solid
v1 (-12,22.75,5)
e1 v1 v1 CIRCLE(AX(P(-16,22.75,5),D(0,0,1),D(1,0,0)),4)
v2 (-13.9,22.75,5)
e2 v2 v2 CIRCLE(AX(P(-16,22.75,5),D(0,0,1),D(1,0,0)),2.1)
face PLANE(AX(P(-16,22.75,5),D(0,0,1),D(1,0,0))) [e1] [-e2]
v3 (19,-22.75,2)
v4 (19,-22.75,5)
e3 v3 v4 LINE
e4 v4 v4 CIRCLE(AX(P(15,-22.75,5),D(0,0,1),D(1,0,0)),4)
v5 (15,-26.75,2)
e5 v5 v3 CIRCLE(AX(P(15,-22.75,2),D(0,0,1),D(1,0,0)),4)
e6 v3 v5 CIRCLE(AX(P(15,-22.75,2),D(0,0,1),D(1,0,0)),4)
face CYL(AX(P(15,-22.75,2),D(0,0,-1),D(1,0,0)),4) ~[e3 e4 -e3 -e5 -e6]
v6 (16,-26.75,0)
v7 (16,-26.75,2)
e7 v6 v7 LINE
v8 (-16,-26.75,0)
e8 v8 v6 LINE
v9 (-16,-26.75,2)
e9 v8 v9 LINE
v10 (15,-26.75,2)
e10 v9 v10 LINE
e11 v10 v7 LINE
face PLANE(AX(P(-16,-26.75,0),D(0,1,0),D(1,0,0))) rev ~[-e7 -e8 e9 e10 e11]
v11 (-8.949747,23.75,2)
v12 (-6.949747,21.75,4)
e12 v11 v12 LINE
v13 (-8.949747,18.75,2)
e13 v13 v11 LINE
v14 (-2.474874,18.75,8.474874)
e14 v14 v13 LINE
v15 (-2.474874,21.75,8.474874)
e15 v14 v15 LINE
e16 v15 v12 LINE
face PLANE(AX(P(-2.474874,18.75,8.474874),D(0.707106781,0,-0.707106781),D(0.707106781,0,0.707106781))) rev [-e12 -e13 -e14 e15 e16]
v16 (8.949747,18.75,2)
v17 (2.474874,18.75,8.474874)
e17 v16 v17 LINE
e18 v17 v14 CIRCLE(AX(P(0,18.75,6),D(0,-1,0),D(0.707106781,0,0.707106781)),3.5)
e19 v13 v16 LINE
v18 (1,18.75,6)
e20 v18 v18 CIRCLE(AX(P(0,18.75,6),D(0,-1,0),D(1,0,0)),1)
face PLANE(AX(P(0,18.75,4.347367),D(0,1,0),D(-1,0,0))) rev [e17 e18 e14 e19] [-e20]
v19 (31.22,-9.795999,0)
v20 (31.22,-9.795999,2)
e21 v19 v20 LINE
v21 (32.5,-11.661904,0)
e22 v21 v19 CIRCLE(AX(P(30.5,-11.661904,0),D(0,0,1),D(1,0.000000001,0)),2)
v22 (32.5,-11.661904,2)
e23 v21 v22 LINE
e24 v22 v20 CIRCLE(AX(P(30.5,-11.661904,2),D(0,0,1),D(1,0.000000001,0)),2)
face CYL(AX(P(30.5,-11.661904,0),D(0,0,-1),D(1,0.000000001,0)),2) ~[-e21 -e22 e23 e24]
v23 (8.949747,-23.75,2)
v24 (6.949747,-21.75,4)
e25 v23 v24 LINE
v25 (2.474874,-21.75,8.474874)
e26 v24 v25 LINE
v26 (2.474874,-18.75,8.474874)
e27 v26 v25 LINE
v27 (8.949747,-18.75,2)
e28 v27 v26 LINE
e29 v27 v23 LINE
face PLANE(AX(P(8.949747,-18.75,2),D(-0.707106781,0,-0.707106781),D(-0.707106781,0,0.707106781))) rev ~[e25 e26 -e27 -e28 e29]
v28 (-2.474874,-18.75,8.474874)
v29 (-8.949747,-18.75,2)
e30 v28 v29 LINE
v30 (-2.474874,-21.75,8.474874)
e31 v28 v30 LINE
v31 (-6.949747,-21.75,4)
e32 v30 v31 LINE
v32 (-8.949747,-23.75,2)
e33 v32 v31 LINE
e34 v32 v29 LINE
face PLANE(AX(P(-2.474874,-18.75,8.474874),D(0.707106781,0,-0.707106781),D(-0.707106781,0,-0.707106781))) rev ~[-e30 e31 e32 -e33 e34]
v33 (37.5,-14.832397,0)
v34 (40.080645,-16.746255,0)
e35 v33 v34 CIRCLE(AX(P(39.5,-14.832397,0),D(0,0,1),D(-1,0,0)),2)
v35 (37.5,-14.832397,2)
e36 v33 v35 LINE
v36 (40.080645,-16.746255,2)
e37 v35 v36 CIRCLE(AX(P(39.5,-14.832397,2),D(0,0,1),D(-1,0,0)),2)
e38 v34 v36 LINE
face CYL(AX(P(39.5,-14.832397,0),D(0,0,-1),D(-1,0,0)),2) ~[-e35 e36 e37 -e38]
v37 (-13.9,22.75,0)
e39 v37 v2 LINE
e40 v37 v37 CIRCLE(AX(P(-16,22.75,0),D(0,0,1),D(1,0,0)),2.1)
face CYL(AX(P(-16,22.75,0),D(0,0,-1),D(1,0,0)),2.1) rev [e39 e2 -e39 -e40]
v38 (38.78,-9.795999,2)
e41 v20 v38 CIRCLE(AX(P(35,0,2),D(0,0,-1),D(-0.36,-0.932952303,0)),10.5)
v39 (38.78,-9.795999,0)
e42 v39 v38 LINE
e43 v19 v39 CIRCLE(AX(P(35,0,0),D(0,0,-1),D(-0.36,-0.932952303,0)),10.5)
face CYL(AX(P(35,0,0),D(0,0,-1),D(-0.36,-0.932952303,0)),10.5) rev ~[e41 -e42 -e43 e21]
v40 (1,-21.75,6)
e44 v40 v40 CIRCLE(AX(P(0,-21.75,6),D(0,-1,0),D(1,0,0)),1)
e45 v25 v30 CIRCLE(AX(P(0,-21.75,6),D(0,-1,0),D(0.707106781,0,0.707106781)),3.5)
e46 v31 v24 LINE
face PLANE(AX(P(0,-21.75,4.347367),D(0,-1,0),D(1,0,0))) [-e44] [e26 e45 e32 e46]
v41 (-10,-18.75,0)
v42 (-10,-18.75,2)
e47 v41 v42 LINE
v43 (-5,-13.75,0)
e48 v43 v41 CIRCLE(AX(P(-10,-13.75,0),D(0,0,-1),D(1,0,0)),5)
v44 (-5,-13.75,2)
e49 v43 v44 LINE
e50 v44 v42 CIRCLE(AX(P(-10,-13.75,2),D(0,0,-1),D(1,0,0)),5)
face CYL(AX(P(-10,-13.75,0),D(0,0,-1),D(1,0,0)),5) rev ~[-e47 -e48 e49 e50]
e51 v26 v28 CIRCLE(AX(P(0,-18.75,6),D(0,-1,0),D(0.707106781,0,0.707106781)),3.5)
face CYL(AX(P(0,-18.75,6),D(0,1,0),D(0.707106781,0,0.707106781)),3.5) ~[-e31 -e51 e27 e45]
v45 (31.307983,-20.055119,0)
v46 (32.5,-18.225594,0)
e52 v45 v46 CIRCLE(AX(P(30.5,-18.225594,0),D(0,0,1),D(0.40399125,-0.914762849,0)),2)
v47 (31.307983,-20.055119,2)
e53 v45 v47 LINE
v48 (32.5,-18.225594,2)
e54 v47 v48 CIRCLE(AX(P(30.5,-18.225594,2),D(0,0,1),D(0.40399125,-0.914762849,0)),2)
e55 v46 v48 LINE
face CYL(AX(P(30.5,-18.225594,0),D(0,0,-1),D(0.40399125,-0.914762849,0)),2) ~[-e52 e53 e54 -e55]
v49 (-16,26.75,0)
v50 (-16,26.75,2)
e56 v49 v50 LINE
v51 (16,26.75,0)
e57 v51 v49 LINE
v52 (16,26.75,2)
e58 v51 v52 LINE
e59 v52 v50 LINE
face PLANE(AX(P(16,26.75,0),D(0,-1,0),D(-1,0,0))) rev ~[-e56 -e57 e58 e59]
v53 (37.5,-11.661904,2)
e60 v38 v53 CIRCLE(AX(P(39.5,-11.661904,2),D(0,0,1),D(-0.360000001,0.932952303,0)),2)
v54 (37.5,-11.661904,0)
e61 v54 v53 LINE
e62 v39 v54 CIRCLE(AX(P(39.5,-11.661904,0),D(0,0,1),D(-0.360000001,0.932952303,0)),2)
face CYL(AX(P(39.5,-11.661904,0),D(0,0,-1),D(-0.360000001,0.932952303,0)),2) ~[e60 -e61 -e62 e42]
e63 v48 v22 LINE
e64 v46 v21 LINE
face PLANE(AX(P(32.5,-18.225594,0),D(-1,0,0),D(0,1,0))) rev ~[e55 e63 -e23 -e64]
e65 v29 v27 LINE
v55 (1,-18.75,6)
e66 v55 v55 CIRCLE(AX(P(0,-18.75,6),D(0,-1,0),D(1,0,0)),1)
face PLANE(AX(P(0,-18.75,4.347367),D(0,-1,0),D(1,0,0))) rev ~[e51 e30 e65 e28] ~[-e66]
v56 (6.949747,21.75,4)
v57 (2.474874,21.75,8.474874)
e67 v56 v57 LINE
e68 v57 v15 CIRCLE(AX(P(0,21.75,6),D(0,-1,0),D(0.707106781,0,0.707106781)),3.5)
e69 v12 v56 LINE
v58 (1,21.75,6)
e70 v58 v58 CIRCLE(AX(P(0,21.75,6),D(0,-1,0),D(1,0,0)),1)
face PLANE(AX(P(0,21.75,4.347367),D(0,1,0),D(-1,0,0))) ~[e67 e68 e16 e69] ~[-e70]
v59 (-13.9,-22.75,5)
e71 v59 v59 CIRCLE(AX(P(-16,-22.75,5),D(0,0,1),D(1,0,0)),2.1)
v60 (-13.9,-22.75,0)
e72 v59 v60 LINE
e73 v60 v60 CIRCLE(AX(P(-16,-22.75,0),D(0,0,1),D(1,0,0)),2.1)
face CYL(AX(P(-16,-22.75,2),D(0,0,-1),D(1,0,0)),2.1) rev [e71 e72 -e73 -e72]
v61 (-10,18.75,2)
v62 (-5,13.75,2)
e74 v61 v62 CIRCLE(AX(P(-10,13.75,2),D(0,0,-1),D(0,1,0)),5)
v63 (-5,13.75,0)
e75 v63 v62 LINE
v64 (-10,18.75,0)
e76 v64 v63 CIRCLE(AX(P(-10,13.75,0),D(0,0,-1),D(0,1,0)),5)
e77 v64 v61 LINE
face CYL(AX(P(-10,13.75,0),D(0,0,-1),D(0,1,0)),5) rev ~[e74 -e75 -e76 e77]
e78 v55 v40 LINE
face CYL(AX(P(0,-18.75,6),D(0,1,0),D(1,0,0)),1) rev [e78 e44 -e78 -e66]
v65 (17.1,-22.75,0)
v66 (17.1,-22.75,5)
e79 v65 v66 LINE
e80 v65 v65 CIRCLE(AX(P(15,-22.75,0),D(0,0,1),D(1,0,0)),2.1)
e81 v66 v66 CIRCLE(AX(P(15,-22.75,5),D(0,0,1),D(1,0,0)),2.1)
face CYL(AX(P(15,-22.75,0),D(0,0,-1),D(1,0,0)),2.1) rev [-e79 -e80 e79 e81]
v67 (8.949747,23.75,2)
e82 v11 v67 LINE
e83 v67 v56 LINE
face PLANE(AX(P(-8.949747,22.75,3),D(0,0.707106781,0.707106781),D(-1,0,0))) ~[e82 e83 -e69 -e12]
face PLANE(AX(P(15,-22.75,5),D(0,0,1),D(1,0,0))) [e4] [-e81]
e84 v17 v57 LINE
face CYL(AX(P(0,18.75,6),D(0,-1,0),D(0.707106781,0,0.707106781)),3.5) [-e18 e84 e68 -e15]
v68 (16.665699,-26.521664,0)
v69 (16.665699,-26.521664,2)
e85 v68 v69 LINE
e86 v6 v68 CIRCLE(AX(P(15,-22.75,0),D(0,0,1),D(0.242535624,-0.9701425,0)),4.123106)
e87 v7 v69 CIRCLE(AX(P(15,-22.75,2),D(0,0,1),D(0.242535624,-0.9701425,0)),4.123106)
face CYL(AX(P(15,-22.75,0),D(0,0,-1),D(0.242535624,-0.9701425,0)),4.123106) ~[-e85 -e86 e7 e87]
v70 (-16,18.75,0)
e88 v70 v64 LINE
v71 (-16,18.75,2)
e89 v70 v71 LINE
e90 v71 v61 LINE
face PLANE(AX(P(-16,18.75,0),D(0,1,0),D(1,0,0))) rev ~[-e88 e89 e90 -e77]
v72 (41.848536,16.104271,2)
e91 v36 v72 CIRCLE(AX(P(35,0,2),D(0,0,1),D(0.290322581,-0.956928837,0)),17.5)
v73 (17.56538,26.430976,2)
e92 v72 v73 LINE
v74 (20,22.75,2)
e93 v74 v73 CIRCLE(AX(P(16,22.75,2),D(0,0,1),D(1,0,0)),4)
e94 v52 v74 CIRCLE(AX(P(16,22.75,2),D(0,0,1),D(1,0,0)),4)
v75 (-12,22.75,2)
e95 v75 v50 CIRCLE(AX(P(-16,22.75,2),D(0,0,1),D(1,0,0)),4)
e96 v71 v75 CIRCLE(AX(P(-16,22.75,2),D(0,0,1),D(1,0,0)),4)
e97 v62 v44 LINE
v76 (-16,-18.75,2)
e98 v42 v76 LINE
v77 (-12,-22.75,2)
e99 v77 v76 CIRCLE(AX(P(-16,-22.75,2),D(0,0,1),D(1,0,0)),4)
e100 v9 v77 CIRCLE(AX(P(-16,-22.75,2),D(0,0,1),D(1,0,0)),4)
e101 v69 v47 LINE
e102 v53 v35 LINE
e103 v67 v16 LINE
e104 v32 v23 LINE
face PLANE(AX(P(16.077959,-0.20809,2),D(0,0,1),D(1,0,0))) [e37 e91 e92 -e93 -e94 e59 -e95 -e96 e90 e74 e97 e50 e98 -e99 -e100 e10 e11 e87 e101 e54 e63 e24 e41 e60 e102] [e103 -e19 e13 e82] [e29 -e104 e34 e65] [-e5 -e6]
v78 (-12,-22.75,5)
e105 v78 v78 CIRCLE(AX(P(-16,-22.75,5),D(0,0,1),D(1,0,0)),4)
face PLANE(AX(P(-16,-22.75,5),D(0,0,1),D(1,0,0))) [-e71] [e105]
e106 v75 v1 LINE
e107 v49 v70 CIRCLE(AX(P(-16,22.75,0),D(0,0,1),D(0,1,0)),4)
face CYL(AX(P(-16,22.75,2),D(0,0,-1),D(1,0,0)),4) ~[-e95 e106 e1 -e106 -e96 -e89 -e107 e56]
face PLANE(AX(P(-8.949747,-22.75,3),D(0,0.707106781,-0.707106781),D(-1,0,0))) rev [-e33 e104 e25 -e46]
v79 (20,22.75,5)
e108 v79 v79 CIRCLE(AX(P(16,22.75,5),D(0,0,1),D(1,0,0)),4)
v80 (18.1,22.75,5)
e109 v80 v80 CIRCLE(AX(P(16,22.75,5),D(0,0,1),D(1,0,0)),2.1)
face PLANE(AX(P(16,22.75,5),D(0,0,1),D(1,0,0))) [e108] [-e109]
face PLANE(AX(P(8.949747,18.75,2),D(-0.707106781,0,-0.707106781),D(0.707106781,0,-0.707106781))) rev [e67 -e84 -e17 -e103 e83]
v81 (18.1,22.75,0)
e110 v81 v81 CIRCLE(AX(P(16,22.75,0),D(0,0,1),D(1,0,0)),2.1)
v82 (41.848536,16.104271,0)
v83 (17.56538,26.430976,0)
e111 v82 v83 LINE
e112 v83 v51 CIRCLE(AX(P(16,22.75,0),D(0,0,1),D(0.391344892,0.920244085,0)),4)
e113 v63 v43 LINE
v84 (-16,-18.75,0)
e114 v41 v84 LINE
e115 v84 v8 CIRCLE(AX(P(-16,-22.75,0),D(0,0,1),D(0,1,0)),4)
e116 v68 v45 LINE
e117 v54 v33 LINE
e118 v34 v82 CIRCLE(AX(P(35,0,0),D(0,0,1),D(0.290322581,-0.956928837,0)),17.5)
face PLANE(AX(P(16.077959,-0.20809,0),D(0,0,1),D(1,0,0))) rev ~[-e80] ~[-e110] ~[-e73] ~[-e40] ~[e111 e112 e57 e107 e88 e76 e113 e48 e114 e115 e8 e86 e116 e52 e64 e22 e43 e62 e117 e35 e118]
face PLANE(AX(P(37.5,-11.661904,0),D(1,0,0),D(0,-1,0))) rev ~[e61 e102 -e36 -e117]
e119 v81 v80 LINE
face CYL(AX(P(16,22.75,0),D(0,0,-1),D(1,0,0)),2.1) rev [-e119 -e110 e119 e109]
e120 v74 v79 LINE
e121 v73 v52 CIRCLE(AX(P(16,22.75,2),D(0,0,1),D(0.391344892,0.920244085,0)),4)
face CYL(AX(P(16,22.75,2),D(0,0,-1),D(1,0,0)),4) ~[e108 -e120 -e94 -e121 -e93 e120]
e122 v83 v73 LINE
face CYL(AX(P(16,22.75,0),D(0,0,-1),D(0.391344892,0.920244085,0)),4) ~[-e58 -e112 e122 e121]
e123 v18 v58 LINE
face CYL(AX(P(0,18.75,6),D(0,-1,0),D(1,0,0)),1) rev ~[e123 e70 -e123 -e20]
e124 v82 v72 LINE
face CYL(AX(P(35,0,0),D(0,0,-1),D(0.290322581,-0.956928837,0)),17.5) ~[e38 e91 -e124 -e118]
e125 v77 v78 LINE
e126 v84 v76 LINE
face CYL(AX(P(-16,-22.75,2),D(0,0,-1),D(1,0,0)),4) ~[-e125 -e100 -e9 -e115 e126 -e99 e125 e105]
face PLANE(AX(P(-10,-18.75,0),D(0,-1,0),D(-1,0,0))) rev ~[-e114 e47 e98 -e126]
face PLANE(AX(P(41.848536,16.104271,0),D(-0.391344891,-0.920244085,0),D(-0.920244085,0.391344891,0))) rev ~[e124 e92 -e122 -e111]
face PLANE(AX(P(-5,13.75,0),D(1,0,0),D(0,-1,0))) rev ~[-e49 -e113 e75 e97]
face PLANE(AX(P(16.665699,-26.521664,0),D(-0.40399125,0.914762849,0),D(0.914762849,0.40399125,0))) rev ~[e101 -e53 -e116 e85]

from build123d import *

# Parameters (mm, degrees)
SKETCH1_R                = 2.1
BOSS_EXTRUDE1_DEPTH      = 2
BOSS_EXTRUDE2_START      = -8
SKETCH2_R                = 1
BOSS_EXTRUDE2_DEPTH      = 3
CHAMFER1_SIZE            = 2
CHAMFER1_OF_MIRROR2_SIZE = 2
SKETCH3_R                = 4
SKETCH3_R_2              = 2.1
BOSS_EXTRUDE3_DEPTH      = 3


with BuildPart() as part:
    # Sketch1 → Boss-Extrude1 (new body)
    with BuildSketch(Plane.XY):
        with BuildLine():
            Line((-16, -26.75), (16, -26.75))
            ThreePointArc((16, -26.75), (16.337730018, -26.650061333), (16.665698596, -26.521663849))
            Line((16.665698596, -26.521663849), (31.3079825, -20.055119449))
            ThreePointArc((31.3079825, -20.055119449), (32.175703584, -19.31738929), (32.5, -18.225593751))
            Line((32.5, -18.225593751), (32.5, -11.66190379))
            ThreePointArc((32.5, -11.66190379), (32.14924225, -10.53053294), (31.22, -9.795999183))
            ThreePointArc((31.22, -9.795999183), (35, 10.5), (38.78, -9.795999183))
            ThreePointArc((38.78, -9.795999183), (37.85075775, -10.53053294), (37.5, -11.66190379))
            Line((37.5, -11.66190379), (37.5, -14.832396974))
            ThreePointArc((37.5, -14.832396974), (38.308633206, -16.438835632), (40.080645161, -16.746254648))
            ThreePointArc((40.080645161, -16.746254648), (52.47471331, -0.940422641), (41.848535598, 16.104271488))
            Line((41.848535598, 16.104271488), (17.565379565, 26.43097634))
            ThreePointArc((17.565379565, 26.43097634), (16.798778642, 26.669432699), (16, 26.75))
            Line((16, 26.75), (-16, 26.75))
            ThreePointArc((-16, 26.75), (-20, 22.75), (-16, 18.75))
            Line((-16, 18.75), (-10, 18.75))
            ThreePointArc((-10, 18.75), (-6.464466094, 17.285533906), (-5, 13.75))
            Line((-5, 13.75), (-5, -13.75))
            ThreePointArc((-5, -13.75), (-6.464466094, -17.285533906), (-10, -18.75))
            Line((-10, -18.75), (-16, -18.75))
            ThreePointArc((-16, -18.75), (-20, -22.75), (-16, -26.75))
        make_face()
        with Locations((-16, 22.75)):
            Circle(SKETCH1_R, mode=Mode.SUBTRACT)
        with Locations((16, 22.75)):
            Circle(SKETCH1_R, mode=Mode.SUBTRACT)
        with Locations((15, -22.75)):
            Circle(SKETCH1_R, mode=Mode.SUBTRACT)
        with Locations((-16, -22.75)):
            Circle(SKETCH1_R, mode=Mode.SUBTRACT)
    extrude(amount=BOSS_EXTRUDE1_DEPTH)

    # Sketch2 → Boss-Extrude2 (add)
    with BuildSketch(Plane.XZ.offset(26.75).offset(BOSS_EXTRUDE2_START)):
        with BuildLine():
            Line((-2.474873734, 8.474873734), (-8.949747468, 2))
            Line((-8.949747468, 2), (8.949747468, 2))
            Line((8.949747468, 2), (2.474873734, 8.474873734))
            ThreePointArc((2.474873734, 8.474873734), (0, 9.5), (-2.474873734, 8.474873734))
        make_face()
        with Locations((0, 6)):
            Circle(SKETCH2_R, mode=Mode.SUBTRACT)
    boss_extrude2 = extrude(amount=BOSS_EXTRUDE2_DEPTH)

    # Chamfer1
    chamfer1_edges = [part.edges().sort_by_distance(p)[0] for p in [
        (0, -21.75, 2),
    ]]
    chamfer(chamfer1_edges, length=CHAMFER1_SIZE)

    # Mirror2: Boss-Extrude2 across plane
    add(boss_extrude2.mirror(Plane.ZX))

    # Chamfer1 of Mirror2
    chamfer1_of_mirror2_edges = [part.edges().sort_by_distance(p)[0] for p in [
        (0, 21.75, 2),
    ]]
    chamfer(chamfer1_of_mirror2_edges, length=CHAMFER1_OF_MIRROR2_SIZE)

    # Sketch3 → Boss-Extrude3 (add)
    with BuildSketch(Plane.XY.offset(2)):
        with Locations((-16, -22.75)):
            Circle(SKETCH3_R)
        with Locations((-16, -22.75)):
            Circle(SKETCH3_R_2, mode=Mode.SUBTRACT)
        with Locations((15, -22.75)):
            Circle(SKETCH3_R)
        with Locations((15, -22.75)):
            Circle(SKETCH3_R_2, mode=Mode.SUBTRACT)
        with Locations((16, 22.75)):
            Circle(SKETCH3_R)
        with Locations((16, 22.75)):
            Circle(SKETCH3_R_2, mode=Mode.SUBTRACT)
        with Locations((-16, 22.75)):
            Circle(SKETCH3_R)
        with Locations((-16, 22.75)):
            Circle(SKETCH3_R_2, mode=Mode.SUBTRACT)
    extrude(amount=BOSS_EXTRUDE3_DEPTH)


solid = part.part
